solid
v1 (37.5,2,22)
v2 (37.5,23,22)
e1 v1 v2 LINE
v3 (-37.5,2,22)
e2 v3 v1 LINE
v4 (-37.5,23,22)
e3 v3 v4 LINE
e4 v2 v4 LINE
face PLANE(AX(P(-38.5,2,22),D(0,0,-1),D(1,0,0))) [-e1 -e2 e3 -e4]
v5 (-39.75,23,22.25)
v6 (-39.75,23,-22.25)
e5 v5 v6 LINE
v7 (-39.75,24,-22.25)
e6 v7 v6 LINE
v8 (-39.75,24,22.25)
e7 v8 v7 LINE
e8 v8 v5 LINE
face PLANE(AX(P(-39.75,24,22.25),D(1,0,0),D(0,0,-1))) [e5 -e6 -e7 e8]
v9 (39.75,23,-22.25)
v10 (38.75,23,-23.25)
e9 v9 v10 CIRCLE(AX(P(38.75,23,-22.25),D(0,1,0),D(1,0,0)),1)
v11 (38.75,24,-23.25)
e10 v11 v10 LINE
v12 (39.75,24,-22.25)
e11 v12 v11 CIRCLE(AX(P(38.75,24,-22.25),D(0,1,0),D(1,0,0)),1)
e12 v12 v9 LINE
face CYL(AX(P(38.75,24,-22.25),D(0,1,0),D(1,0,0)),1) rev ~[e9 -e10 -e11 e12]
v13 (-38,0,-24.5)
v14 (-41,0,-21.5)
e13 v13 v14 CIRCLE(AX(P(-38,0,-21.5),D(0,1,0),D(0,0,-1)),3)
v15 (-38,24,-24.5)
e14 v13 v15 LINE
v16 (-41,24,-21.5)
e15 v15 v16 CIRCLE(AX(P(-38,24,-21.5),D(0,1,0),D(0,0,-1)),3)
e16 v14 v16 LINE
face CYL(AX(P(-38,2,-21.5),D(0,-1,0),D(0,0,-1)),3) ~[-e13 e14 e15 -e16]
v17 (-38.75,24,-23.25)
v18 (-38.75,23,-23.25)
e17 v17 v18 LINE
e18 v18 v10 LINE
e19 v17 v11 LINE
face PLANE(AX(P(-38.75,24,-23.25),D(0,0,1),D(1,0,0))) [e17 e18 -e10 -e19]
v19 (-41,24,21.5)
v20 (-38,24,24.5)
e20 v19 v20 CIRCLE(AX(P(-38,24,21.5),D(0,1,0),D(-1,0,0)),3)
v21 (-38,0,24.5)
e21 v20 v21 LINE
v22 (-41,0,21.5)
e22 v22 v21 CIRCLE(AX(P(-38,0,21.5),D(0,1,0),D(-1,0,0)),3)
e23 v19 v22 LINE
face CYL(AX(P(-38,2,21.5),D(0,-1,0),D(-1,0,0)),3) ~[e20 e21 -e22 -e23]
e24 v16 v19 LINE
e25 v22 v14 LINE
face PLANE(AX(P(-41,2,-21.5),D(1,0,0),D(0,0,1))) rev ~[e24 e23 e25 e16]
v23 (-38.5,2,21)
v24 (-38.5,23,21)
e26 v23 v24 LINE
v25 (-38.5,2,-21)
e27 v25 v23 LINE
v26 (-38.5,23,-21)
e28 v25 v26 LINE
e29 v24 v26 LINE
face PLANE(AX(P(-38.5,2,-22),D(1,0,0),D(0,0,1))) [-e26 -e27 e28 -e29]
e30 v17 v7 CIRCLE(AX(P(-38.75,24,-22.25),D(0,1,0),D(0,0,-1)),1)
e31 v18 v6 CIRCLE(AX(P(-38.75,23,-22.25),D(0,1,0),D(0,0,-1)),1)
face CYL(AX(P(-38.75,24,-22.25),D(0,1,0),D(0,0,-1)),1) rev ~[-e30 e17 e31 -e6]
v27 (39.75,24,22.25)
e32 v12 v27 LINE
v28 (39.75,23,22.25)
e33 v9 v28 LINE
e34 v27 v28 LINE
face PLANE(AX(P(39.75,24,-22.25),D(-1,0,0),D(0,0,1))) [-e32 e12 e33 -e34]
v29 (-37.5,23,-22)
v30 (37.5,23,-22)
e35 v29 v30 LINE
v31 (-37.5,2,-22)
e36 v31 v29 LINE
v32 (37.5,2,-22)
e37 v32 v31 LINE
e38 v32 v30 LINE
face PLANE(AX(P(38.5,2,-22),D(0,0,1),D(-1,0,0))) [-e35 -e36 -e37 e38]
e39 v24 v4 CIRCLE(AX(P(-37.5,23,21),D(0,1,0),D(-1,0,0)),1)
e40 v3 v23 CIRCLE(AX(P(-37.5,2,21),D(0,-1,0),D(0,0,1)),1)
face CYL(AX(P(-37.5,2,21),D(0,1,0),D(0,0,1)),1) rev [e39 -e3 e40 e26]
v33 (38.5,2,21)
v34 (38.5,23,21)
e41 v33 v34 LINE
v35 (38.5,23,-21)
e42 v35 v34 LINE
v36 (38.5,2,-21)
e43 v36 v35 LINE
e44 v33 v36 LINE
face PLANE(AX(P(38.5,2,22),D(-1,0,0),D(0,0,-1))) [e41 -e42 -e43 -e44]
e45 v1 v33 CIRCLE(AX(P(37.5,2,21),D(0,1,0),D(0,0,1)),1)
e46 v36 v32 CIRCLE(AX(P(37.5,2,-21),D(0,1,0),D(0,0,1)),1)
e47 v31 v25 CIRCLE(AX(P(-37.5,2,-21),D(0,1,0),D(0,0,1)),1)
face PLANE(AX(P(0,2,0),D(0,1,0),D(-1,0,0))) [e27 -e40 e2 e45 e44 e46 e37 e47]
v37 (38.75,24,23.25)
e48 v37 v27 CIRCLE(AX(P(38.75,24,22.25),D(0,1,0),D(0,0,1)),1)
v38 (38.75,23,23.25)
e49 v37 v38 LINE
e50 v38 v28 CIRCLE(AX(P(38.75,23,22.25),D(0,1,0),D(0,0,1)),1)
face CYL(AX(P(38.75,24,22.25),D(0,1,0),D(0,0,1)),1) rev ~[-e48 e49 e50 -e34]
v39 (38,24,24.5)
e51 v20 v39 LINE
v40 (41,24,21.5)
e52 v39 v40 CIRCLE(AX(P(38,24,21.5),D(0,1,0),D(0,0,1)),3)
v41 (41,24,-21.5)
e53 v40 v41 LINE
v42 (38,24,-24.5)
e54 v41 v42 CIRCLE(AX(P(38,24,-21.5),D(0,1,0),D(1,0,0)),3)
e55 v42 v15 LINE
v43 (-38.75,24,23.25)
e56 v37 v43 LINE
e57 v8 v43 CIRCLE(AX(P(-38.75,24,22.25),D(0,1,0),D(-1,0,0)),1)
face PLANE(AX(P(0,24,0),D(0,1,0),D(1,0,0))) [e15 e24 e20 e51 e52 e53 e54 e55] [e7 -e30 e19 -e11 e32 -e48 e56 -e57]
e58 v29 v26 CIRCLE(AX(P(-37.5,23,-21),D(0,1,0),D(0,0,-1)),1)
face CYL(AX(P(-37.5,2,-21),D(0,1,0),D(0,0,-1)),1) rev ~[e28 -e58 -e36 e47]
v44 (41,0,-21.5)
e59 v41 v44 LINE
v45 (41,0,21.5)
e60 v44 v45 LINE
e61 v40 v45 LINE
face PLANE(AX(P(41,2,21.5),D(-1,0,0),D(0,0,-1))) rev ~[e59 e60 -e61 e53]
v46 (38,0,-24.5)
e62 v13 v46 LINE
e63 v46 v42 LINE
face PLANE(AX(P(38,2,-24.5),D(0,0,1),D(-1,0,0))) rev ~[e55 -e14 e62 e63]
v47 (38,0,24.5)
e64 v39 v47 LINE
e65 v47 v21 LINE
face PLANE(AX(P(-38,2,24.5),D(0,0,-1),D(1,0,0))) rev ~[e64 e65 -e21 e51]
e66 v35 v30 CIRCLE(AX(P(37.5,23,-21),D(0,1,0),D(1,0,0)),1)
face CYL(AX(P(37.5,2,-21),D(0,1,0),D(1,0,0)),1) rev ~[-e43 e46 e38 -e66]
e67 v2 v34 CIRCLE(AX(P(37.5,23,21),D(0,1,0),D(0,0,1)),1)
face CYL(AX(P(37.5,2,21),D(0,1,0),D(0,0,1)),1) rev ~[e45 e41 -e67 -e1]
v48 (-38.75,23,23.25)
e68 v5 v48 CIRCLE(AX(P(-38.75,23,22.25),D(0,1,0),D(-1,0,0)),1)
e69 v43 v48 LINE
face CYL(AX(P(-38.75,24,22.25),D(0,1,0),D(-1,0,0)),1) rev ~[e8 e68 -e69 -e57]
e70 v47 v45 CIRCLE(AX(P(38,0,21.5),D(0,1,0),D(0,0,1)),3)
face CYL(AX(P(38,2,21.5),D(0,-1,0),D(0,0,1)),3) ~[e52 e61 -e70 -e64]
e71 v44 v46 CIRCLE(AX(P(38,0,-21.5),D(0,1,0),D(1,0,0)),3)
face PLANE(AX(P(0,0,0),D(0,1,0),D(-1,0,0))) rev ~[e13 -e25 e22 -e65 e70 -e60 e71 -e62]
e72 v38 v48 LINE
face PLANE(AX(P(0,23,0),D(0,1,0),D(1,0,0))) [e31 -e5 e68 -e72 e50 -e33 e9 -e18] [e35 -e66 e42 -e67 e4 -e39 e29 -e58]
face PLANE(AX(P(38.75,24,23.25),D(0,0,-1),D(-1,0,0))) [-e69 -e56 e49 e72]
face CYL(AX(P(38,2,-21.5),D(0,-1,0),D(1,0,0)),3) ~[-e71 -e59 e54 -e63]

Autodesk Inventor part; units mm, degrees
ref_plane "YZ Plane" through (0, 0, 0) normal (1, 0, 0) x (0, 1, 0)
ref_plane "XZ Plane" through (0, 0, 0) normal (0, 1, 0) x (-1, 0, 0)
ref_plane "XY Plane" through (0, 0, 0) normal (0, 0, 1) x (1, 0, 0)
sketch "Sketch1" plane through (0, 0, 0) normal (0, 1, 0) x (-1, 0, 0)
  line L0 (-38.5, 22) -> (38.5, 22)
  line L1 (38.5, 22) -> (38.5, -22)
  line L2 (38.5, -22) -> (-38.5, -22)
  line L3 (-38.5, -22) -> (-38.5, 22)
  line L4 (-38.5, 22) -> (38.5, -22) construction
  line L5 (38.5, 22) -> (-38.5, -22) construction
  line L6 (38.5, -22) -> (-38.5, -22)
  line L7 (-38.5, -22) -> (-38.5, 21)
  line L8 (38.5, 21) -> (38.5, -22)
  line L9 (-38, 24.5) -> (38, 24.5)
  line L10 (41, 21.5) -> (41, -21.5)
  line L11 (38, -24.5) -> (-38, -24.5)
  line L12 (-41, -21.5) -> (-41, 21.5)
  line L13 (-41, 24.5) -> (41, -24.5) construction
  line L14 (41, 24.5) -> (-41, -24.5) construction
  arc A0 (41, 21.5) -> (38, 24.5) centre (38, 21.5) ccw
  arc A1 (38, -24.5) -> (41, -21.5) centre (38, -21.5) ccw
  arc A2 (-41, -21.5) -> (-38, -24.5) centre (-38, -21.5) ccw
  arc A3 (-38, 24.5) -> (-41, 21.5) centre (-38, 21.5) ccw
  point P0 (0, 0)
  dimension "d0" = 77
  dimension "d1" = 44
  dimension "d3" = 82
  dimension "d4" = 49
  dimension "d5" = 3
extrude "Extrusion1" add sketch "Sketch1" along normal blind 2 contours L0 L1 L2 L3 | L9 A0 L10 A1 L11 A2 L12 A3
sketch "Sketch22" plane through (0, 2, 0) normal (0, 1, 0) x (1, 0, 0)
  line L0 (38, 24.5) -> (-38, 24.5) projected
  arc A0 (-38, 24.5) -> (-41, 21.5) centre (-38, 21.5) ccw projected
  line L1 (-41, 21.5) -> (-41, -21.5) projected
  arc A1 (-41, -21.5) -> (-38, -24.5) centre (-38, -21.5) ccw projected
  line L2 (-38, -24.5) -> (38, -24.5) projected
  arc A2 (38, -24.5) -> (41, -21.5) centre (38, -21.5) ccw projected
  line L3 (41, -21.5) -> (41, 21.5) projected
  arc A3 (41, 21.5) -> (38, 24.5) centre (38, 21.5) ccw projected
  line L4 (-38.5, -22) -> (38.5, -22)
  line L5 (38.5, -22) -> (38.5, 22)
  line L6 (38.5, 22) -> (-38.5, 22)
  line L7 (-38.5, 22) -> (-38.5, -22)
  point P0 (0, 0)
  dimension "d80" = 2.5
  dimension "d81" = 2.5
  dimension "d82" = 2.5
  dimension "d83" = 2.5
extrude "Extrusion18" add sketch "Sketch22" along normal blind 22
fillet "Fillet5" radius 1 4 edges at (-38.5, 13, -22) (-38.5, 13, 22) (38.5, 13, 22) (38.5, 13, -22)
sketch "Sketch23" plane through (0, 24, 0) normal (0, 1, 0) x (1, 0, 0)
  line L0 (-38.75, 23.25) -> (38.75, 23.25)
  line L1 (39.75, 22.25) -> (39.75, -22.25)
  line L2 (38.75, -23.25) -> (-38.75, -23.25)
  line L3 (-39.75, -22.25) -> (-39.75, 22.25)
  line L4 (-39.75, 23.25) -> (39.75, -23.25) construction
  line L5 (39.75, 23.25) -> (-39.75, -23.25) construction
  line L6 (41, -21.5) -> (41, 21.5) projected
  line L7 (-38, -24.5) -> (38, -24.5) projected
  line L8 (-38.5, -21) -> (-38.5, 21) projected
  line L9 (-37.5, 22) -> (37.5, 22) projected
  line L10 (38.5, 21) -> (38.5, -21) projected
  line L11 (37.5, -22) -> (-37.5, -22) projected
  arc A0 (-38.5, -21) -> (-37.5, -22) centre (-37.5, -21) ccw projected
  arc A1 (-37.5, 22) -> (-38.5, 21) centre (-37.5, 21) ccw projected
  arc A2 (38.5, 21) -> (37.5, 22) centre (37.5, 21) ccw projected
  arc A3 (37.5, -22) -> (38.5, -21) centre (37.5, -21) ccw projected
  arc A4 (38.75, -23.25) -> (39.75, -22.25) centre (38.75, -22.25) ccw
  arc A5 (39.75, 22.25) -> (38.75, 23.25) centre (38.75, 22.25) ccw
  arc A6 (-38.75, 23.25) -> (-39.75, 22.25) centre (-38.75, 22.25) ccw
  arc A7 (-39.75, -22.25) -> (-38.75, -23.25) centre (-38.75, -22.25) ccw
  point P0 (0, 0)
  dimension "d87" = 1.25
  dimension "d88" = 1.25
  dimension "d91" = 1
extrude "Extrusion19" cut sketch "Sketch23" against normal blind 1
properties part number "Ver 1"
